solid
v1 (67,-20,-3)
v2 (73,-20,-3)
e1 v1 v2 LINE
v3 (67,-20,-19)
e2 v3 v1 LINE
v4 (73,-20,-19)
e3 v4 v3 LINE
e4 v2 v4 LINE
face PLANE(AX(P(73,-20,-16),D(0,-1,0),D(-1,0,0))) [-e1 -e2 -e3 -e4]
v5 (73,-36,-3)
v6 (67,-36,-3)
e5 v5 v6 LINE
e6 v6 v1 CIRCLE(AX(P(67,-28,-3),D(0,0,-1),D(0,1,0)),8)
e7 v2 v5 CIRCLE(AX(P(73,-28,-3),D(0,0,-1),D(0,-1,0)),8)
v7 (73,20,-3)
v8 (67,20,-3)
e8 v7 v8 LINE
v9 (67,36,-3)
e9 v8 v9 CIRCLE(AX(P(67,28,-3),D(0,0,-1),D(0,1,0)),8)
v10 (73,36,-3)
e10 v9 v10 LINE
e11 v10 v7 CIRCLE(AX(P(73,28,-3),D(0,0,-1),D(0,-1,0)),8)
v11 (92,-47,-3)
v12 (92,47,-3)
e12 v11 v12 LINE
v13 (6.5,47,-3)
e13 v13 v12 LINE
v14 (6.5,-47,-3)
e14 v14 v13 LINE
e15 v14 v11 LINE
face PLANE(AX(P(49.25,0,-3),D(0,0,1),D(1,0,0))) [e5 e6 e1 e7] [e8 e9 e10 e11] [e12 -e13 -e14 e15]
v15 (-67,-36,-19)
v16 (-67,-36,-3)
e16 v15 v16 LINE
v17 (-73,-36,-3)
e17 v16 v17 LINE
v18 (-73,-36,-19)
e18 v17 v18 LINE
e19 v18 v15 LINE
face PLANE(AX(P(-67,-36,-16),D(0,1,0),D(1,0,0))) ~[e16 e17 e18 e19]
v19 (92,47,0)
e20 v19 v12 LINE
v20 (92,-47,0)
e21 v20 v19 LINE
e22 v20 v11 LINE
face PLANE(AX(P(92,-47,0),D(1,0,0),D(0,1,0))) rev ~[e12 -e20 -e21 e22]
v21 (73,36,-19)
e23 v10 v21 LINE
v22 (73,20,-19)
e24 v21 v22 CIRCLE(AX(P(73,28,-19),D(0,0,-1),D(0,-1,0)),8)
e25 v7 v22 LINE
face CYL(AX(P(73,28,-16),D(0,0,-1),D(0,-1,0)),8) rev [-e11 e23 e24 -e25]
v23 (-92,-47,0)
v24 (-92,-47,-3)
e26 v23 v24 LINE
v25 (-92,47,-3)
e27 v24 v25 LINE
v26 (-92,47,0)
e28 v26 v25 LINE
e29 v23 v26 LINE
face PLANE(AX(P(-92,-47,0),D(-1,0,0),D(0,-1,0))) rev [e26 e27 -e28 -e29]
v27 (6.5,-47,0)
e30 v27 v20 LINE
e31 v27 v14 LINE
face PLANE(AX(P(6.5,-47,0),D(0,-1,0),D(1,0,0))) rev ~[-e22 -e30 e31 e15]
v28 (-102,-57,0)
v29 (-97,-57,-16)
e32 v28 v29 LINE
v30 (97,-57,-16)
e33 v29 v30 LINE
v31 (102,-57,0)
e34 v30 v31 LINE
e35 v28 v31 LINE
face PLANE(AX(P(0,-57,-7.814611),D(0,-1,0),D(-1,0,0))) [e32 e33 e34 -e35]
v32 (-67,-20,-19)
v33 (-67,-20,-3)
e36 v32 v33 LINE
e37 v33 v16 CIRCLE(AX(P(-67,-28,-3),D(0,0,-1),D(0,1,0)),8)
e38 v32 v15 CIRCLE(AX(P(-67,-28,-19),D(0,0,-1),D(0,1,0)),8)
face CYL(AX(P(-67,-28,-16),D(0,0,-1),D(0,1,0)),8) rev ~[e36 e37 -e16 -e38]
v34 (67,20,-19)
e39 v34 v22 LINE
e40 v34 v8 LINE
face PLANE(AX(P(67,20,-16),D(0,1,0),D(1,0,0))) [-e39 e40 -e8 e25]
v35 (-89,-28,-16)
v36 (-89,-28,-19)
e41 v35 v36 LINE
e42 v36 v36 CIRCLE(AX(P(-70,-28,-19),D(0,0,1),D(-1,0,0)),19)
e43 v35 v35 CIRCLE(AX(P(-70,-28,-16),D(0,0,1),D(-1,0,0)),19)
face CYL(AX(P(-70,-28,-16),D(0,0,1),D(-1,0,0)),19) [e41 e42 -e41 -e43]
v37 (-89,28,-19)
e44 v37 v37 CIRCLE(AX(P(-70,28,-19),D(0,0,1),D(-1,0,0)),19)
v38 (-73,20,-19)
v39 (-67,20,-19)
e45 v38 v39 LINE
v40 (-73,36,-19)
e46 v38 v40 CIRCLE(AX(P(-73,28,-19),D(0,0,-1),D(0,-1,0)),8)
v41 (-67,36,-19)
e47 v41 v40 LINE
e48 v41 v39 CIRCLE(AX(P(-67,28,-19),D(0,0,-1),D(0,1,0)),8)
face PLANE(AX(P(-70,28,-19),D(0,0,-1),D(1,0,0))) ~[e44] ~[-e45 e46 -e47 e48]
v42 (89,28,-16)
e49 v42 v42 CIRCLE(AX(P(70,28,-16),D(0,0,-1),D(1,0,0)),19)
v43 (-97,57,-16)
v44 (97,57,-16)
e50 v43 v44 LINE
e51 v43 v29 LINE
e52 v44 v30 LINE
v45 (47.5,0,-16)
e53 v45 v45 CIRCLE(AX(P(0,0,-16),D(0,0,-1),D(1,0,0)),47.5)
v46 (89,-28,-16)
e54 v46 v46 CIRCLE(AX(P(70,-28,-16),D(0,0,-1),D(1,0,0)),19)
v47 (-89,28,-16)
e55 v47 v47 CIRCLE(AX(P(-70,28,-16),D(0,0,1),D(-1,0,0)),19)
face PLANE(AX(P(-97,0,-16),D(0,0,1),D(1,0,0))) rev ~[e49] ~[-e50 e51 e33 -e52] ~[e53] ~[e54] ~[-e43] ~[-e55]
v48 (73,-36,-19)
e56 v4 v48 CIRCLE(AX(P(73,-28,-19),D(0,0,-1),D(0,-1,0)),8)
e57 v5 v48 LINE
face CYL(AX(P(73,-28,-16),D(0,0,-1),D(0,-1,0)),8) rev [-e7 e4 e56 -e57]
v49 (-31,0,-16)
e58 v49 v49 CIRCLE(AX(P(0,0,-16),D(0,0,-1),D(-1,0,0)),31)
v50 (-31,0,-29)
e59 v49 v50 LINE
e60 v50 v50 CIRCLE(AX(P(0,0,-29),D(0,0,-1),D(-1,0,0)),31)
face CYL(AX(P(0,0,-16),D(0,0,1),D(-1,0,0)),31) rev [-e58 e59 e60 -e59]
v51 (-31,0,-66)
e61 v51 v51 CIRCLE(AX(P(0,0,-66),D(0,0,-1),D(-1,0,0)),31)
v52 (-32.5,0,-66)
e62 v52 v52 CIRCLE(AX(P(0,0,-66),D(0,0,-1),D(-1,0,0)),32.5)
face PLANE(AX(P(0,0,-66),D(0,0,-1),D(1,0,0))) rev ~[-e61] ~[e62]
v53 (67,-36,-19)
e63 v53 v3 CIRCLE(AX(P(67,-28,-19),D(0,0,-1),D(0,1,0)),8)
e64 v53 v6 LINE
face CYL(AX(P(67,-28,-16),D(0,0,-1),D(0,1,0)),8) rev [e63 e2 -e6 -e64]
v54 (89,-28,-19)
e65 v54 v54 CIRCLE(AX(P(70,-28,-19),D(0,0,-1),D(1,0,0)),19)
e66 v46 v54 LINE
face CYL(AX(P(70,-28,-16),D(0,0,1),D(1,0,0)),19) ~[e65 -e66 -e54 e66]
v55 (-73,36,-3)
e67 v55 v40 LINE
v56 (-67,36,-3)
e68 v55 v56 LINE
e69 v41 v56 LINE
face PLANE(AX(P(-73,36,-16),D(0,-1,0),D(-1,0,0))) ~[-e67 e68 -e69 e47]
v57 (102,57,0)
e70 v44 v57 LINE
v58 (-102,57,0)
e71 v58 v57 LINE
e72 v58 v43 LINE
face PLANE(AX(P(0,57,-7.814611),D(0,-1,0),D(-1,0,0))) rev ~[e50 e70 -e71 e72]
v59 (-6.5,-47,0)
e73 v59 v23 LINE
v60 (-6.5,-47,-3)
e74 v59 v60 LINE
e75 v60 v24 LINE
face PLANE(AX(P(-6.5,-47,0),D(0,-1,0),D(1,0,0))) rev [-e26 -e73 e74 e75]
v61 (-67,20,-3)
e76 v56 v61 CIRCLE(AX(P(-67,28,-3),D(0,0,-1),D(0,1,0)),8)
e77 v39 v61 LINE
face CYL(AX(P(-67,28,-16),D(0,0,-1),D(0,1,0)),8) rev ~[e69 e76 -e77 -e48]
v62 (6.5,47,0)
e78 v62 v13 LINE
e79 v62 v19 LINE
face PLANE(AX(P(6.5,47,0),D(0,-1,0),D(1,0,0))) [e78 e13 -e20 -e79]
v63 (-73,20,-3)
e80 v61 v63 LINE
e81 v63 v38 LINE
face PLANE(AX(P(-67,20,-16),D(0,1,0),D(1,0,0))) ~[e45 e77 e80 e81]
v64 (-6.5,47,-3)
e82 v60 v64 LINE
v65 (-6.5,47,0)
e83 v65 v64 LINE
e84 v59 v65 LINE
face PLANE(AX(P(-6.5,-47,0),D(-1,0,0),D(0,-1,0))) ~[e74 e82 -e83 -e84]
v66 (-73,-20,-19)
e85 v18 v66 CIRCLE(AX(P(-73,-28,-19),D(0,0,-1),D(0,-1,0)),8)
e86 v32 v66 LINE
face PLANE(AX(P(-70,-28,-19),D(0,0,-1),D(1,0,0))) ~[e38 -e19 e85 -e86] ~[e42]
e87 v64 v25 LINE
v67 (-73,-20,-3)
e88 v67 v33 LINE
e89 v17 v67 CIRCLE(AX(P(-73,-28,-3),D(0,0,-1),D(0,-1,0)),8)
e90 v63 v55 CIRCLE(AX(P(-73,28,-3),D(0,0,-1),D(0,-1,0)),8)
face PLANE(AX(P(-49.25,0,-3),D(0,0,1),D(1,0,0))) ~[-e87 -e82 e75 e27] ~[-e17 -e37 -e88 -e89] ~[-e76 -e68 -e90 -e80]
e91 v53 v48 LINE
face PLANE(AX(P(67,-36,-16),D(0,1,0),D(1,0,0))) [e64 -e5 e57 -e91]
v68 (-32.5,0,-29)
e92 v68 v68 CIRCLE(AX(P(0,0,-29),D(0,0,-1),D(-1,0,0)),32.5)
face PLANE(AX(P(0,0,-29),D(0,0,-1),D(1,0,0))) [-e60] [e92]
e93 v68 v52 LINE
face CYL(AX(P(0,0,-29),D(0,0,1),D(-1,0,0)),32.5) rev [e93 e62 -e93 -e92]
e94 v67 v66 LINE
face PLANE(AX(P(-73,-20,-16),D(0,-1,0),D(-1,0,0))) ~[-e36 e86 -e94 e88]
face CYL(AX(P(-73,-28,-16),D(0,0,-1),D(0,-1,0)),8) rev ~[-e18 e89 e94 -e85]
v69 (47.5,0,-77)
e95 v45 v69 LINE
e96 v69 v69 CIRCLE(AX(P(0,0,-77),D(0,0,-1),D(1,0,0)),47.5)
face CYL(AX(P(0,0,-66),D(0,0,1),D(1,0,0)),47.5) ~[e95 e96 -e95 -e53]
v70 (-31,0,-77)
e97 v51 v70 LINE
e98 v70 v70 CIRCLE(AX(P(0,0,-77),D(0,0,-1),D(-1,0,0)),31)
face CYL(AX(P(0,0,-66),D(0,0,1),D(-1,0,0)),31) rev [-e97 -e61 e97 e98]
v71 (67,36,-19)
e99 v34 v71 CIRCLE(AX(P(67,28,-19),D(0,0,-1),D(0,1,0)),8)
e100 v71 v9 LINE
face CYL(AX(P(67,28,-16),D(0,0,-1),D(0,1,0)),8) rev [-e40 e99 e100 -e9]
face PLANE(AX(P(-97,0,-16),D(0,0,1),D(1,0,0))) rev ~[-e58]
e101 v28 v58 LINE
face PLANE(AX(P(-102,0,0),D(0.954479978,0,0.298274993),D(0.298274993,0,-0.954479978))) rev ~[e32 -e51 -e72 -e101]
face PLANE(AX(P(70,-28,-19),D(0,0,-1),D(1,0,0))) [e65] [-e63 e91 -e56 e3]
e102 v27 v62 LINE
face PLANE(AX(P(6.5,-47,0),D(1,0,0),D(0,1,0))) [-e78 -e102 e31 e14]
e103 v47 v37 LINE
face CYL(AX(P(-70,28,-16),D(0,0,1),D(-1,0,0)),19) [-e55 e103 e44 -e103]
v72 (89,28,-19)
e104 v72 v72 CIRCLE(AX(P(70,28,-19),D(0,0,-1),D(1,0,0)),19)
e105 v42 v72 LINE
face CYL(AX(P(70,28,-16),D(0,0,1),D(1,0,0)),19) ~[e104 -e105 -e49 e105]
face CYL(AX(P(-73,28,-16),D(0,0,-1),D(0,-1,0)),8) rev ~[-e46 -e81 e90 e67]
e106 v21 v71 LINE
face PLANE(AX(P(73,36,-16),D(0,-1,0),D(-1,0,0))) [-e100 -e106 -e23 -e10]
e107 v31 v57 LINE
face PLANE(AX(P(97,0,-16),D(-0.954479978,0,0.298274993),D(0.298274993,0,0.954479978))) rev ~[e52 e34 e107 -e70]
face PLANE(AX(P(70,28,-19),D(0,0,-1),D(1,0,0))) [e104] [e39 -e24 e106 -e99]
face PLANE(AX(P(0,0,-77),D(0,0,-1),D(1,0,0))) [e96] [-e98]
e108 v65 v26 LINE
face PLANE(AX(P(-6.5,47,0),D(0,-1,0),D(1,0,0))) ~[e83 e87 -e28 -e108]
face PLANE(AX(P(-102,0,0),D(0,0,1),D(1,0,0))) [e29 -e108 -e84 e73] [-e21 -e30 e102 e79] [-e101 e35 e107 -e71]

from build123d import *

# Parameters (mm, degrees)
BOSS_EXTRUDE1_DEPTH = 57
SKETCH3_R           = 47.5
SKETCH3_R_2         = 31
BOSS_EXTRUDE3_DEPTH = 13
SKETCH4_R           = 47.5
SKETCH4_R_2         = 32.5
BOSS_EXTRUDE4_DEPTH = 37
SKETCH5_R           = 47.5
SKETCH5_R_2         = 31
BOSS_EXTRUDE5_DEPTH = 11
SKETCH8_R           = 19
BOSS_EXTRUDE6_DEPTH = 3
SKETCH9_W           = 85.5
SKETCH9_H           = 94
CUT_EXTRUDE1_DEPTH  = 3
CUT_EXTRUDE3_DEPTH  = 29.5
CUT_EXTRUDE4_DEPTH  = 36


with BuildPart() as part:
    # Sketch1 → Boss-Extrude1 (new body, symmetric)
    with BuildSketch(Plane(origin=(0, 0, 0), x_dir=(1, 0, 0), z_dir=(0, 1, 0))):
        Polygon((-102, 0), (-97, 16), (97, 16), (102, 0), (0, 0), align=None)
    extrude(amount=BOSS_EXTRUDE1_DEPTH, both=True)

    # Sketch3 → Boss-Extrude3 (add)
    with BuildSketch(Plane(origin=(0, 0, -16), x_dir=(-1, 0, 0), z_dir=(0, 0, -1))):
        with Locations(Location((0, 0, 0), (0, 0, 180))):  # turned: the seam where the file's is
            Circle(SKETCH3_R)
        Circle(SKETCH3_R_2, mode=Mode.SUBTRACT)
    extrude(amount=BOSS_EXTRUDE3_DEPTH)

    # Sketch4 → Boss-Extrude4 (add)
    with BuildSketch(Plane(origin=(0, 0, -29), x_dir=(-1, 0, 0), z_dir=(0, 0, -1))):
        with Locations(Location((0, 0, 0), (0, 0, 180))):  # turned: the seam where the file's is
            Circle(SKETCH4_R)
        Circle(SKETCH4_R_2, mode=Mode.SUBTRACT)
    extrude(amount=BOSS_EXTRUDE4_DEPTH)

    # Sketch5 → Boss-Extrude5 (add)
    with BuildSketch(Plane(origin=(0, 0, -66), x_dir=(-1, 0, 0), z_dir=(0, 0, -1))):
        with Locations(Location((0, 0, 0), (0, 0, 180))):  # turned: the seam where the file's is
            Circle(SKETCH5_R)
        Circle(SKETCH5_R_2, mode=Mode.SUBTRACT)
    extrude(amount=BOSS_EXTRUDE5_DEPTH)

    # Sketch8 → Boss-Extrude6 (add)
    with BuildSketch(Plane(origin=(0, 0, -16), x_dir=(-1, 0, 0), z_dir=(0, 0, -1))):
        with Locations(Location((-70, 28, 0), (0, 0, 180))):  # turned: the seam where the file's is
            Circle(SKETCH8_R)
        with Locations(Location((-70, -28, 0), (0, 0, 180))):  # turned: the seam where the file's is
            Circle(SKETCH8_R)
    boss_extrude6 = extrude(amount=BOSS_EXTRUDE6_DEPTH)

    # Sketch9 → Cut-Extrude1 (cut)
    with BuildSketch(Plane.XY):
        with Locations((49.25, 0)):
            Rectangle(SKETCH9_W, SKETCH9_H)
    cut_extrude1 = extrude(amount=-CUT_EXTRUDE1_DEPTH, mode=Mode.SUBTRACT)

    # Sketch6 → Cut-Extrude3 (cut, symmetric)
    with BuildSketch(Plane(origin=(0, 0, -16), x_dir=(-1, 0, 0), z_dir=(0, 0, -1))):
        with BuildLine():
            Line((-73, 36), (-67, 36))
            ThreePointArc((-67, 36), (-59, 28), (-67, 20))
            Line((-67, 20), (-73, 20))
            ThreePointArc((-73, 20), (-81, 28), (-73, 36))
        make_face()
    cut_extrude3 = extrude(amount=CUT_EXTRUDE3_DEPTH, both=True, mode=Mode.SUBTRACT)

    # Sketch7 → Cut-Extrude4 (cut, symmetric)
    with BuildSketch(Plane(origin=(0, 0, -16), x_dir=(-1, 0, 0), z_dir=(0, 0, -1))):
        with BuildLine():
            Line((-73, -20), (-67, -20))
            ThreePointArc((-67, -20), (-59, -28), (-67, -36))
            Line((-67, -36), (-73, -36))
            ThreePointArc((-73, -36), (-81, -28), (-73, -20))
        make_face()
    cut_extrude4 = extrude(amount=CUT_EXTRUDE4_DEPTH, both=True, mode=Mode.SUBTRACT)

    # Mirror1: Boss-Extrude6, Cut-Extrude1, Cut-Extrude3, Cut-Extrude4 across plane
    add(boss_extrude6.mirror(Plane(origin=(0, 0, 0), x_dir=(0, 0, 1), z_dir=(1, 0, 0))))
    add(cut_extrude1.mirror(Plane(origin=(0, 0, 0), x_dir=(0, 0, 1), z_dir=(1, 0, 0))), mode=Mode.SUBTRACT)
    add(cut_extrude3.mirror(Plane(origin=(0, 0, 0), x_dir=(0, 0, 1), z_dir=(1, 0, 0))), mode=Mode.SUBTRACT)
    add(cut_extrude4.mirror(Plane(origin=(0, 0, 0), x_dir=(0, 0, 1), z_dir=(1, 0, 0))), mode=Mode.SUBTRACT)


solid = part.part
